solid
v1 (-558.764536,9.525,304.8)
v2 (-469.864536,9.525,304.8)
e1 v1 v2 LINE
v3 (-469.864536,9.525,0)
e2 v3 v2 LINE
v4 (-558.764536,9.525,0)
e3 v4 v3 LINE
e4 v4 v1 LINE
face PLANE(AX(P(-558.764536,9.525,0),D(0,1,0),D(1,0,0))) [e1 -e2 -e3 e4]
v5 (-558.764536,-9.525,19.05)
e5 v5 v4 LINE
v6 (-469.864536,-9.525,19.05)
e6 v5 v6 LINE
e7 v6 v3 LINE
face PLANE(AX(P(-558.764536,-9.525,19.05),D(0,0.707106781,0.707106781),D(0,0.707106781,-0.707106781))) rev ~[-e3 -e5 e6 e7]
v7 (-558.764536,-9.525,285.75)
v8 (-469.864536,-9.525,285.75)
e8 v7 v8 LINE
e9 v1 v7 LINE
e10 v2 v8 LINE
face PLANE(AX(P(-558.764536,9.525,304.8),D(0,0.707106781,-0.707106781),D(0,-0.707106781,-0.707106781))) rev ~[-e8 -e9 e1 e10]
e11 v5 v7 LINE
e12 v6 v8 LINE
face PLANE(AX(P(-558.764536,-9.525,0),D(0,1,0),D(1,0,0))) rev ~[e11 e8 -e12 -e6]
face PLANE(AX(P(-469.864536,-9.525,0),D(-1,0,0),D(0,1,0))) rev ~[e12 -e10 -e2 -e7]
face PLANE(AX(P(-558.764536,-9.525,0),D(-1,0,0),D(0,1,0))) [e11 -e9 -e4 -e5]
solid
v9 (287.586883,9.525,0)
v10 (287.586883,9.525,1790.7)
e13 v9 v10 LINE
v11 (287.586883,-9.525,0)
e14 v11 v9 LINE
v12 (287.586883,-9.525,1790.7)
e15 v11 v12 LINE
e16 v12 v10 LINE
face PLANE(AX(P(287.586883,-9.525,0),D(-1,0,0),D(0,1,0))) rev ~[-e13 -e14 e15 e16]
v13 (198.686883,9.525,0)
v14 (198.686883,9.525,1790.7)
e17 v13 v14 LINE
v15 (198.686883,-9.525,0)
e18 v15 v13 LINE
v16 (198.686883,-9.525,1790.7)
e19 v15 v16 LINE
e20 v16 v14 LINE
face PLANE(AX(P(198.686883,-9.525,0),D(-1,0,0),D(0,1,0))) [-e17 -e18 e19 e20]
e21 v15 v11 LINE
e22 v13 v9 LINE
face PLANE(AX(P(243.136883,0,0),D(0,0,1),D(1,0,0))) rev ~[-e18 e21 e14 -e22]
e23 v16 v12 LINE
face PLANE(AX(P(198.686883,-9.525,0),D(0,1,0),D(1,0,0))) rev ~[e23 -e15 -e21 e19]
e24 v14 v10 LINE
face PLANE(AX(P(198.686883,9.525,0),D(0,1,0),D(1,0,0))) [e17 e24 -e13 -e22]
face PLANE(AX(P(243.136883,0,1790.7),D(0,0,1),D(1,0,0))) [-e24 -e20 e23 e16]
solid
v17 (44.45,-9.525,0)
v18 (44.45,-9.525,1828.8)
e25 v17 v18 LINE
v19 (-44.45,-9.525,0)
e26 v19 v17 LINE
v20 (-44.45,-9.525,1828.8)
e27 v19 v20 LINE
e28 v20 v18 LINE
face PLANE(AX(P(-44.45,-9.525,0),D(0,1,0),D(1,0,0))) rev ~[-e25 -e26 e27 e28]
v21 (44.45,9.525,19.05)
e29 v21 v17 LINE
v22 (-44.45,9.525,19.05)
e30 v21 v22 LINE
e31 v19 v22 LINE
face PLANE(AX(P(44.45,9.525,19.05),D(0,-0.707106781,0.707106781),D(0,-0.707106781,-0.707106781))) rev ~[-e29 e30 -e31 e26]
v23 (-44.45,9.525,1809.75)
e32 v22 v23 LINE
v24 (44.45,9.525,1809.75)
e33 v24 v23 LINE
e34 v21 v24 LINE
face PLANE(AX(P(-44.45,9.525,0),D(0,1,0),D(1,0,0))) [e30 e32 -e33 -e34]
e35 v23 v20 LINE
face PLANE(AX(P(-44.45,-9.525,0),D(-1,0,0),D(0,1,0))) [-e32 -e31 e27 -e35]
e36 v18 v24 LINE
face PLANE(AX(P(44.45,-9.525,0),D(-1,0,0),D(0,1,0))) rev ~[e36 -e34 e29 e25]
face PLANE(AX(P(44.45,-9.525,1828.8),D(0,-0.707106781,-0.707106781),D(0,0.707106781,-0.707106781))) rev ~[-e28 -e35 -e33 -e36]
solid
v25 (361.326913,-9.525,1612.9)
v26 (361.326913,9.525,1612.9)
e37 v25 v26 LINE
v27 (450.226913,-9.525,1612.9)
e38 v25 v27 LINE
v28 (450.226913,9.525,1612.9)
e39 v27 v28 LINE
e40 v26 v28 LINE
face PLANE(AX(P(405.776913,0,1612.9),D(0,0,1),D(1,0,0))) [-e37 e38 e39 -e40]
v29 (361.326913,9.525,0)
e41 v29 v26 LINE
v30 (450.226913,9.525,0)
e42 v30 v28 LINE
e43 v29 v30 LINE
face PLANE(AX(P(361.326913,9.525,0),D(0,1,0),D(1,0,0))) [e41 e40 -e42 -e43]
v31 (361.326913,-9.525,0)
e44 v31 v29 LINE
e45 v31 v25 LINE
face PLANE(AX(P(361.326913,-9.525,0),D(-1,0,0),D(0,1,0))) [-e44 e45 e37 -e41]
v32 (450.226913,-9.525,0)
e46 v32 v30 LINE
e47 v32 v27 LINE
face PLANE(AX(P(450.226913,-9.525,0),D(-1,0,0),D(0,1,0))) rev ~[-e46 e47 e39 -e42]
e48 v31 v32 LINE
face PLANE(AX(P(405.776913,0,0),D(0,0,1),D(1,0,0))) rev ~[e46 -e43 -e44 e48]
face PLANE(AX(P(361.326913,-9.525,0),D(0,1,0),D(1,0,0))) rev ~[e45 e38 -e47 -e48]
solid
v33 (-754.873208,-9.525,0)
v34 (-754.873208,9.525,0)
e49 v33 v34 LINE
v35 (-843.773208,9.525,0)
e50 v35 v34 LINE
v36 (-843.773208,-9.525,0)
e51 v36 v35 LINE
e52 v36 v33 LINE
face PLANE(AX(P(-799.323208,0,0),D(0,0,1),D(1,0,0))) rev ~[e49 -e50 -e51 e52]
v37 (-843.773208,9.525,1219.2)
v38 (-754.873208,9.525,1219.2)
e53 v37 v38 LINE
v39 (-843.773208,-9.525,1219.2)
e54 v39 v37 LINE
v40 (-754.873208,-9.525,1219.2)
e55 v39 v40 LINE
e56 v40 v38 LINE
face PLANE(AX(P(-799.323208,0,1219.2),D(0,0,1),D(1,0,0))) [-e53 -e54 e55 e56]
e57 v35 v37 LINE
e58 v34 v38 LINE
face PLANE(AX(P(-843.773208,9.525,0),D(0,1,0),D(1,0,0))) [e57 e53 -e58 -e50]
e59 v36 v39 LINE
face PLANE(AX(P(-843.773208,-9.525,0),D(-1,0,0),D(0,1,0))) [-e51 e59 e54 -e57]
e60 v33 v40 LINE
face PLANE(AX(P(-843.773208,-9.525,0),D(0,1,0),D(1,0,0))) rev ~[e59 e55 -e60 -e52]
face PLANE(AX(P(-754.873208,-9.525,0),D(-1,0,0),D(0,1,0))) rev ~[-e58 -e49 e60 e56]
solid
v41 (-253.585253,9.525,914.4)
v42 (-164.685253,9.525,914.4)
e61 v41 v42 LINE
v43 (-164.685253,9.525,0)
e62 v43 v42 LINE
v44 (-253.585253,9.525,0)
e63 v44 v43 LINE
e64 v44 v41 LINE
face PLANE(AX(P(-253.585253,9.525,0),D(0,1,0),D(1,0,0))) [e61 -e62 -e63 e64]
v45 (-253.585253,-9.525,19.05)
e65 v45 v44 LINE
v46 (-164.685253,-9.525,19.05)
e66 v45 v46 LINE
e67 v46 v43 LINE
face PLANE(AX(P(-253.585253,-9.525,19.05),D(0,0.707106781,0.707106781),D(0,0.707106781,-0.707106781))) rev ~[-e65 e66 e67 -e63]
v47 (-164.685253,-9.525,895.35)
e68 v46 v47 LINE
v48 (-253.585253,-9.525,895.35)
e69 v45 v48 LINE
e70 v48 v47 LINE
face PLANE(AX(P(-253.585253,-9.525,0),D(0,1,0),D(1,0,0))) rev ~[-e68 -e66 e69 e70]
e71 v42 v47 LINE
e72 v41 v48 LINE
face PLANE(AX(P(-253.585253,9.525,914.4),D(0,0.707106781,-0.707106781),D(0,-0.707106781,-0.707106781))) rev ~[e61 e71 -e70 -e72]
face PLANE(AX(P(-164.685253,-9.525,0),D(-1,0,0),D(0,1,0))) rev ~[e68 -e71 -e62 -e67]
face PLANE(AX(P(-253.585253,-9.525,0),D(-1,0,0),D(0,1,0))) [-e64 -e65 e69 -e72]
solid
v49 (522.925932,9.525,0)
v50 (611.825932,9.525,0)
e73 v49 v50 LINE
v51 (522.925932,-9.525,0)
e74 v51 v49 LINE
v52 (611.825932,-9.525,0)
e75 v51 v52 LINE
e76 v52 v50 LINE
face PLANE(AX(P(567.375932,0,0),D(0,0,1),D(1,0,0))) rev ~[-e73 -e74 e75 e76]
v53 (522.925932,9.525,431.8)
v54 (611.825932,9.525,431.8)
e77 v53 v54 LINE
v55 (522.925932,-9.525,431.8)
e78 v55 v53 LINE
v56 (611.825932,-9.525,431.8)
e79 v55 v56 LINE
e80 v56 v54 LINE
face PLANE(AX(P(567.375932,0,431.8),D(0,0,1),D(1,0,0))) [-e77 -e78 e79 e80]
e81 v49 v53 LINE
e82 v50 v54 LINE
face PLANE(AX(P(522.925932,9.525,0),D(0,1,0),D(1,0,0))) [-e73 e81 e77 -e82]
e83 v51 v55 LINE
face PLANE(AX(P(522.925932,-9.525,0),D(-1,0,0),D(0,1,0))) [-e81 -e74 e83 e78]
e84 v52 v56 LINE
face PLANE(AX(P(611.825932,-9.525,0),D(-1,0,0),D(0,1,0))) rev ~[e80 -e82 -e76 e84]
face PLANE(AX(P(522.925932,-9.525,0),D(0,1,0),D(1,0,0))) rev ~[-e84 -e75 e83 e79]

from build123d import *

# Parameters (mm, degrees)
F0_W      = 88.9
F0_H      = 19.05
F1_DEPTH  = 1828.8
F3_DEPTH  = 413.46128
F4_W      = 88.9
F4_H      = 19.05
F5_DEPTH  = 914.4
F7_DEPTH  = 204.40578
F8_W      = 88.9
F8_H      = 19.05
F9_DEPTH  = 1790.7
F10_W     = 88.9
F10_H     = 19.05
F11_DEPTH = 304.8
F13_DEPTH = 205.58275
F14_W     = 88.9
F14_H     = 19.05
F15_DEPTH = 1612.9
F16_W     = 88.9
F16_H     = 19.05
F17_DEPTH = 1219.2
F18_W     = 88.9
F18_H     = 19.05
F19_DEPTH = 431.8


with BuildPart() as f1:
    # F0 (on Top) → F1 (new body)
    with BuildSketch(Plane.XY):
        Rectangle(F0_W, F0_H)
    extrude(amount=F1_DEPTH)

    # F2 (on face) → F3 (cut)
    with BuildSketch(Plane.YZ.offset(44.45)):
        Polygon((9.525, 1828.8), (-9.525, 1828.8), (9.525, 1809.75), align=None)
        Polygon((9.525, 19.05), (-9.525, 0), (9.525, 0), align=None)
    extrude(amount=-F3_DEPTH, mode=Mode.SUBTRACT)


with BuildPart() as f5:
    # F4 (on Top) → F5 (new body)
    with BuildSketch(Plane.XY):
        with Locations((-209.135253, 0)):
            Rectangle(F4_W, F4_H)
    extrude(amount=F5_DEPTH)

    # F6 (on face) → F7 (cut)
    with BuildSketch(Plane(origin=(-253.585253, 0, 0), x_dir=(0, -1, 0), z_dir=(-1, 0, 0))):
        Polygon((9.525, 914.4), (-9.525, 914.4), (9.525, 895.35), align=None)
        Polygon((9.525, 19.05), (-9.525, 0), (9.525, 0), align=None)
    extrude(amount=-F7_DEPTH, mode=Mode.SUBTRACT)


with BuildPart() as f9:
    # F8 (on Top) → F9 (new body)
    with BuildSketch(Plane.XY):
        with Locations((243.136883, 0)):
            Rectangle(F8_W, F8_H)
    extrude(amount=F9_DEPTH)


with BuildPart() as f11:
    # F10 (on Top) → F11 (new body)
    with BuildSketch(Plane.XY):
        with Locations((-514.314536, 0)):
            Rectangle(F10_W, F10_H)
    extrude(amount=F11_DEPTH)

    # F12 (on face) → F13 (cut)
    with BuildSketch(Plane(origin=(-558.764536, 0, 0), x_dir=(0, -1, 0), z_dir=(-1, 0, 0))):
        Polygon((9.525, 19.05), (-9.525, 0), (9.525, 0), align=None)
        Polygon((9.525, 304.8), (-9.525, 304.8), (9.525, 285.75), align=None)
    extrude(amount=-F13_DEPTH, mode=Mode.SUBTRACT)


with BuildPart() as f15:
    # F14 (on Top) → F15 (new body)
    with BuildSketch(Plane.XY):
        with Locations((405.776913, 0)):
            Rectangle(F14_W, F14_H)
    extrude(amount=F15_DEPTH)


with BuildPart() as f17:
    # F16 (on Top) → F17 (new body)
    with BuildSketch(Plane.XY):
        with Locations((-799.323208, 0)):
            Rectangle(F16_W, F16_H)
    extrude(amount=F17_DEPTH)


with BuildPart() as f19:
    # F18 (on Top) → F19 (new body)
    with BuildSketch(Plane.XY):
        with Locations((567.375932, 0)):
            Rectangle(F18_W, F18_H)
    extrude(amount=F19_DEPTH)


solid = Compound([f1.part, f5.part, f9.part, f11.part, f15.part, f17.part, f19.part])
